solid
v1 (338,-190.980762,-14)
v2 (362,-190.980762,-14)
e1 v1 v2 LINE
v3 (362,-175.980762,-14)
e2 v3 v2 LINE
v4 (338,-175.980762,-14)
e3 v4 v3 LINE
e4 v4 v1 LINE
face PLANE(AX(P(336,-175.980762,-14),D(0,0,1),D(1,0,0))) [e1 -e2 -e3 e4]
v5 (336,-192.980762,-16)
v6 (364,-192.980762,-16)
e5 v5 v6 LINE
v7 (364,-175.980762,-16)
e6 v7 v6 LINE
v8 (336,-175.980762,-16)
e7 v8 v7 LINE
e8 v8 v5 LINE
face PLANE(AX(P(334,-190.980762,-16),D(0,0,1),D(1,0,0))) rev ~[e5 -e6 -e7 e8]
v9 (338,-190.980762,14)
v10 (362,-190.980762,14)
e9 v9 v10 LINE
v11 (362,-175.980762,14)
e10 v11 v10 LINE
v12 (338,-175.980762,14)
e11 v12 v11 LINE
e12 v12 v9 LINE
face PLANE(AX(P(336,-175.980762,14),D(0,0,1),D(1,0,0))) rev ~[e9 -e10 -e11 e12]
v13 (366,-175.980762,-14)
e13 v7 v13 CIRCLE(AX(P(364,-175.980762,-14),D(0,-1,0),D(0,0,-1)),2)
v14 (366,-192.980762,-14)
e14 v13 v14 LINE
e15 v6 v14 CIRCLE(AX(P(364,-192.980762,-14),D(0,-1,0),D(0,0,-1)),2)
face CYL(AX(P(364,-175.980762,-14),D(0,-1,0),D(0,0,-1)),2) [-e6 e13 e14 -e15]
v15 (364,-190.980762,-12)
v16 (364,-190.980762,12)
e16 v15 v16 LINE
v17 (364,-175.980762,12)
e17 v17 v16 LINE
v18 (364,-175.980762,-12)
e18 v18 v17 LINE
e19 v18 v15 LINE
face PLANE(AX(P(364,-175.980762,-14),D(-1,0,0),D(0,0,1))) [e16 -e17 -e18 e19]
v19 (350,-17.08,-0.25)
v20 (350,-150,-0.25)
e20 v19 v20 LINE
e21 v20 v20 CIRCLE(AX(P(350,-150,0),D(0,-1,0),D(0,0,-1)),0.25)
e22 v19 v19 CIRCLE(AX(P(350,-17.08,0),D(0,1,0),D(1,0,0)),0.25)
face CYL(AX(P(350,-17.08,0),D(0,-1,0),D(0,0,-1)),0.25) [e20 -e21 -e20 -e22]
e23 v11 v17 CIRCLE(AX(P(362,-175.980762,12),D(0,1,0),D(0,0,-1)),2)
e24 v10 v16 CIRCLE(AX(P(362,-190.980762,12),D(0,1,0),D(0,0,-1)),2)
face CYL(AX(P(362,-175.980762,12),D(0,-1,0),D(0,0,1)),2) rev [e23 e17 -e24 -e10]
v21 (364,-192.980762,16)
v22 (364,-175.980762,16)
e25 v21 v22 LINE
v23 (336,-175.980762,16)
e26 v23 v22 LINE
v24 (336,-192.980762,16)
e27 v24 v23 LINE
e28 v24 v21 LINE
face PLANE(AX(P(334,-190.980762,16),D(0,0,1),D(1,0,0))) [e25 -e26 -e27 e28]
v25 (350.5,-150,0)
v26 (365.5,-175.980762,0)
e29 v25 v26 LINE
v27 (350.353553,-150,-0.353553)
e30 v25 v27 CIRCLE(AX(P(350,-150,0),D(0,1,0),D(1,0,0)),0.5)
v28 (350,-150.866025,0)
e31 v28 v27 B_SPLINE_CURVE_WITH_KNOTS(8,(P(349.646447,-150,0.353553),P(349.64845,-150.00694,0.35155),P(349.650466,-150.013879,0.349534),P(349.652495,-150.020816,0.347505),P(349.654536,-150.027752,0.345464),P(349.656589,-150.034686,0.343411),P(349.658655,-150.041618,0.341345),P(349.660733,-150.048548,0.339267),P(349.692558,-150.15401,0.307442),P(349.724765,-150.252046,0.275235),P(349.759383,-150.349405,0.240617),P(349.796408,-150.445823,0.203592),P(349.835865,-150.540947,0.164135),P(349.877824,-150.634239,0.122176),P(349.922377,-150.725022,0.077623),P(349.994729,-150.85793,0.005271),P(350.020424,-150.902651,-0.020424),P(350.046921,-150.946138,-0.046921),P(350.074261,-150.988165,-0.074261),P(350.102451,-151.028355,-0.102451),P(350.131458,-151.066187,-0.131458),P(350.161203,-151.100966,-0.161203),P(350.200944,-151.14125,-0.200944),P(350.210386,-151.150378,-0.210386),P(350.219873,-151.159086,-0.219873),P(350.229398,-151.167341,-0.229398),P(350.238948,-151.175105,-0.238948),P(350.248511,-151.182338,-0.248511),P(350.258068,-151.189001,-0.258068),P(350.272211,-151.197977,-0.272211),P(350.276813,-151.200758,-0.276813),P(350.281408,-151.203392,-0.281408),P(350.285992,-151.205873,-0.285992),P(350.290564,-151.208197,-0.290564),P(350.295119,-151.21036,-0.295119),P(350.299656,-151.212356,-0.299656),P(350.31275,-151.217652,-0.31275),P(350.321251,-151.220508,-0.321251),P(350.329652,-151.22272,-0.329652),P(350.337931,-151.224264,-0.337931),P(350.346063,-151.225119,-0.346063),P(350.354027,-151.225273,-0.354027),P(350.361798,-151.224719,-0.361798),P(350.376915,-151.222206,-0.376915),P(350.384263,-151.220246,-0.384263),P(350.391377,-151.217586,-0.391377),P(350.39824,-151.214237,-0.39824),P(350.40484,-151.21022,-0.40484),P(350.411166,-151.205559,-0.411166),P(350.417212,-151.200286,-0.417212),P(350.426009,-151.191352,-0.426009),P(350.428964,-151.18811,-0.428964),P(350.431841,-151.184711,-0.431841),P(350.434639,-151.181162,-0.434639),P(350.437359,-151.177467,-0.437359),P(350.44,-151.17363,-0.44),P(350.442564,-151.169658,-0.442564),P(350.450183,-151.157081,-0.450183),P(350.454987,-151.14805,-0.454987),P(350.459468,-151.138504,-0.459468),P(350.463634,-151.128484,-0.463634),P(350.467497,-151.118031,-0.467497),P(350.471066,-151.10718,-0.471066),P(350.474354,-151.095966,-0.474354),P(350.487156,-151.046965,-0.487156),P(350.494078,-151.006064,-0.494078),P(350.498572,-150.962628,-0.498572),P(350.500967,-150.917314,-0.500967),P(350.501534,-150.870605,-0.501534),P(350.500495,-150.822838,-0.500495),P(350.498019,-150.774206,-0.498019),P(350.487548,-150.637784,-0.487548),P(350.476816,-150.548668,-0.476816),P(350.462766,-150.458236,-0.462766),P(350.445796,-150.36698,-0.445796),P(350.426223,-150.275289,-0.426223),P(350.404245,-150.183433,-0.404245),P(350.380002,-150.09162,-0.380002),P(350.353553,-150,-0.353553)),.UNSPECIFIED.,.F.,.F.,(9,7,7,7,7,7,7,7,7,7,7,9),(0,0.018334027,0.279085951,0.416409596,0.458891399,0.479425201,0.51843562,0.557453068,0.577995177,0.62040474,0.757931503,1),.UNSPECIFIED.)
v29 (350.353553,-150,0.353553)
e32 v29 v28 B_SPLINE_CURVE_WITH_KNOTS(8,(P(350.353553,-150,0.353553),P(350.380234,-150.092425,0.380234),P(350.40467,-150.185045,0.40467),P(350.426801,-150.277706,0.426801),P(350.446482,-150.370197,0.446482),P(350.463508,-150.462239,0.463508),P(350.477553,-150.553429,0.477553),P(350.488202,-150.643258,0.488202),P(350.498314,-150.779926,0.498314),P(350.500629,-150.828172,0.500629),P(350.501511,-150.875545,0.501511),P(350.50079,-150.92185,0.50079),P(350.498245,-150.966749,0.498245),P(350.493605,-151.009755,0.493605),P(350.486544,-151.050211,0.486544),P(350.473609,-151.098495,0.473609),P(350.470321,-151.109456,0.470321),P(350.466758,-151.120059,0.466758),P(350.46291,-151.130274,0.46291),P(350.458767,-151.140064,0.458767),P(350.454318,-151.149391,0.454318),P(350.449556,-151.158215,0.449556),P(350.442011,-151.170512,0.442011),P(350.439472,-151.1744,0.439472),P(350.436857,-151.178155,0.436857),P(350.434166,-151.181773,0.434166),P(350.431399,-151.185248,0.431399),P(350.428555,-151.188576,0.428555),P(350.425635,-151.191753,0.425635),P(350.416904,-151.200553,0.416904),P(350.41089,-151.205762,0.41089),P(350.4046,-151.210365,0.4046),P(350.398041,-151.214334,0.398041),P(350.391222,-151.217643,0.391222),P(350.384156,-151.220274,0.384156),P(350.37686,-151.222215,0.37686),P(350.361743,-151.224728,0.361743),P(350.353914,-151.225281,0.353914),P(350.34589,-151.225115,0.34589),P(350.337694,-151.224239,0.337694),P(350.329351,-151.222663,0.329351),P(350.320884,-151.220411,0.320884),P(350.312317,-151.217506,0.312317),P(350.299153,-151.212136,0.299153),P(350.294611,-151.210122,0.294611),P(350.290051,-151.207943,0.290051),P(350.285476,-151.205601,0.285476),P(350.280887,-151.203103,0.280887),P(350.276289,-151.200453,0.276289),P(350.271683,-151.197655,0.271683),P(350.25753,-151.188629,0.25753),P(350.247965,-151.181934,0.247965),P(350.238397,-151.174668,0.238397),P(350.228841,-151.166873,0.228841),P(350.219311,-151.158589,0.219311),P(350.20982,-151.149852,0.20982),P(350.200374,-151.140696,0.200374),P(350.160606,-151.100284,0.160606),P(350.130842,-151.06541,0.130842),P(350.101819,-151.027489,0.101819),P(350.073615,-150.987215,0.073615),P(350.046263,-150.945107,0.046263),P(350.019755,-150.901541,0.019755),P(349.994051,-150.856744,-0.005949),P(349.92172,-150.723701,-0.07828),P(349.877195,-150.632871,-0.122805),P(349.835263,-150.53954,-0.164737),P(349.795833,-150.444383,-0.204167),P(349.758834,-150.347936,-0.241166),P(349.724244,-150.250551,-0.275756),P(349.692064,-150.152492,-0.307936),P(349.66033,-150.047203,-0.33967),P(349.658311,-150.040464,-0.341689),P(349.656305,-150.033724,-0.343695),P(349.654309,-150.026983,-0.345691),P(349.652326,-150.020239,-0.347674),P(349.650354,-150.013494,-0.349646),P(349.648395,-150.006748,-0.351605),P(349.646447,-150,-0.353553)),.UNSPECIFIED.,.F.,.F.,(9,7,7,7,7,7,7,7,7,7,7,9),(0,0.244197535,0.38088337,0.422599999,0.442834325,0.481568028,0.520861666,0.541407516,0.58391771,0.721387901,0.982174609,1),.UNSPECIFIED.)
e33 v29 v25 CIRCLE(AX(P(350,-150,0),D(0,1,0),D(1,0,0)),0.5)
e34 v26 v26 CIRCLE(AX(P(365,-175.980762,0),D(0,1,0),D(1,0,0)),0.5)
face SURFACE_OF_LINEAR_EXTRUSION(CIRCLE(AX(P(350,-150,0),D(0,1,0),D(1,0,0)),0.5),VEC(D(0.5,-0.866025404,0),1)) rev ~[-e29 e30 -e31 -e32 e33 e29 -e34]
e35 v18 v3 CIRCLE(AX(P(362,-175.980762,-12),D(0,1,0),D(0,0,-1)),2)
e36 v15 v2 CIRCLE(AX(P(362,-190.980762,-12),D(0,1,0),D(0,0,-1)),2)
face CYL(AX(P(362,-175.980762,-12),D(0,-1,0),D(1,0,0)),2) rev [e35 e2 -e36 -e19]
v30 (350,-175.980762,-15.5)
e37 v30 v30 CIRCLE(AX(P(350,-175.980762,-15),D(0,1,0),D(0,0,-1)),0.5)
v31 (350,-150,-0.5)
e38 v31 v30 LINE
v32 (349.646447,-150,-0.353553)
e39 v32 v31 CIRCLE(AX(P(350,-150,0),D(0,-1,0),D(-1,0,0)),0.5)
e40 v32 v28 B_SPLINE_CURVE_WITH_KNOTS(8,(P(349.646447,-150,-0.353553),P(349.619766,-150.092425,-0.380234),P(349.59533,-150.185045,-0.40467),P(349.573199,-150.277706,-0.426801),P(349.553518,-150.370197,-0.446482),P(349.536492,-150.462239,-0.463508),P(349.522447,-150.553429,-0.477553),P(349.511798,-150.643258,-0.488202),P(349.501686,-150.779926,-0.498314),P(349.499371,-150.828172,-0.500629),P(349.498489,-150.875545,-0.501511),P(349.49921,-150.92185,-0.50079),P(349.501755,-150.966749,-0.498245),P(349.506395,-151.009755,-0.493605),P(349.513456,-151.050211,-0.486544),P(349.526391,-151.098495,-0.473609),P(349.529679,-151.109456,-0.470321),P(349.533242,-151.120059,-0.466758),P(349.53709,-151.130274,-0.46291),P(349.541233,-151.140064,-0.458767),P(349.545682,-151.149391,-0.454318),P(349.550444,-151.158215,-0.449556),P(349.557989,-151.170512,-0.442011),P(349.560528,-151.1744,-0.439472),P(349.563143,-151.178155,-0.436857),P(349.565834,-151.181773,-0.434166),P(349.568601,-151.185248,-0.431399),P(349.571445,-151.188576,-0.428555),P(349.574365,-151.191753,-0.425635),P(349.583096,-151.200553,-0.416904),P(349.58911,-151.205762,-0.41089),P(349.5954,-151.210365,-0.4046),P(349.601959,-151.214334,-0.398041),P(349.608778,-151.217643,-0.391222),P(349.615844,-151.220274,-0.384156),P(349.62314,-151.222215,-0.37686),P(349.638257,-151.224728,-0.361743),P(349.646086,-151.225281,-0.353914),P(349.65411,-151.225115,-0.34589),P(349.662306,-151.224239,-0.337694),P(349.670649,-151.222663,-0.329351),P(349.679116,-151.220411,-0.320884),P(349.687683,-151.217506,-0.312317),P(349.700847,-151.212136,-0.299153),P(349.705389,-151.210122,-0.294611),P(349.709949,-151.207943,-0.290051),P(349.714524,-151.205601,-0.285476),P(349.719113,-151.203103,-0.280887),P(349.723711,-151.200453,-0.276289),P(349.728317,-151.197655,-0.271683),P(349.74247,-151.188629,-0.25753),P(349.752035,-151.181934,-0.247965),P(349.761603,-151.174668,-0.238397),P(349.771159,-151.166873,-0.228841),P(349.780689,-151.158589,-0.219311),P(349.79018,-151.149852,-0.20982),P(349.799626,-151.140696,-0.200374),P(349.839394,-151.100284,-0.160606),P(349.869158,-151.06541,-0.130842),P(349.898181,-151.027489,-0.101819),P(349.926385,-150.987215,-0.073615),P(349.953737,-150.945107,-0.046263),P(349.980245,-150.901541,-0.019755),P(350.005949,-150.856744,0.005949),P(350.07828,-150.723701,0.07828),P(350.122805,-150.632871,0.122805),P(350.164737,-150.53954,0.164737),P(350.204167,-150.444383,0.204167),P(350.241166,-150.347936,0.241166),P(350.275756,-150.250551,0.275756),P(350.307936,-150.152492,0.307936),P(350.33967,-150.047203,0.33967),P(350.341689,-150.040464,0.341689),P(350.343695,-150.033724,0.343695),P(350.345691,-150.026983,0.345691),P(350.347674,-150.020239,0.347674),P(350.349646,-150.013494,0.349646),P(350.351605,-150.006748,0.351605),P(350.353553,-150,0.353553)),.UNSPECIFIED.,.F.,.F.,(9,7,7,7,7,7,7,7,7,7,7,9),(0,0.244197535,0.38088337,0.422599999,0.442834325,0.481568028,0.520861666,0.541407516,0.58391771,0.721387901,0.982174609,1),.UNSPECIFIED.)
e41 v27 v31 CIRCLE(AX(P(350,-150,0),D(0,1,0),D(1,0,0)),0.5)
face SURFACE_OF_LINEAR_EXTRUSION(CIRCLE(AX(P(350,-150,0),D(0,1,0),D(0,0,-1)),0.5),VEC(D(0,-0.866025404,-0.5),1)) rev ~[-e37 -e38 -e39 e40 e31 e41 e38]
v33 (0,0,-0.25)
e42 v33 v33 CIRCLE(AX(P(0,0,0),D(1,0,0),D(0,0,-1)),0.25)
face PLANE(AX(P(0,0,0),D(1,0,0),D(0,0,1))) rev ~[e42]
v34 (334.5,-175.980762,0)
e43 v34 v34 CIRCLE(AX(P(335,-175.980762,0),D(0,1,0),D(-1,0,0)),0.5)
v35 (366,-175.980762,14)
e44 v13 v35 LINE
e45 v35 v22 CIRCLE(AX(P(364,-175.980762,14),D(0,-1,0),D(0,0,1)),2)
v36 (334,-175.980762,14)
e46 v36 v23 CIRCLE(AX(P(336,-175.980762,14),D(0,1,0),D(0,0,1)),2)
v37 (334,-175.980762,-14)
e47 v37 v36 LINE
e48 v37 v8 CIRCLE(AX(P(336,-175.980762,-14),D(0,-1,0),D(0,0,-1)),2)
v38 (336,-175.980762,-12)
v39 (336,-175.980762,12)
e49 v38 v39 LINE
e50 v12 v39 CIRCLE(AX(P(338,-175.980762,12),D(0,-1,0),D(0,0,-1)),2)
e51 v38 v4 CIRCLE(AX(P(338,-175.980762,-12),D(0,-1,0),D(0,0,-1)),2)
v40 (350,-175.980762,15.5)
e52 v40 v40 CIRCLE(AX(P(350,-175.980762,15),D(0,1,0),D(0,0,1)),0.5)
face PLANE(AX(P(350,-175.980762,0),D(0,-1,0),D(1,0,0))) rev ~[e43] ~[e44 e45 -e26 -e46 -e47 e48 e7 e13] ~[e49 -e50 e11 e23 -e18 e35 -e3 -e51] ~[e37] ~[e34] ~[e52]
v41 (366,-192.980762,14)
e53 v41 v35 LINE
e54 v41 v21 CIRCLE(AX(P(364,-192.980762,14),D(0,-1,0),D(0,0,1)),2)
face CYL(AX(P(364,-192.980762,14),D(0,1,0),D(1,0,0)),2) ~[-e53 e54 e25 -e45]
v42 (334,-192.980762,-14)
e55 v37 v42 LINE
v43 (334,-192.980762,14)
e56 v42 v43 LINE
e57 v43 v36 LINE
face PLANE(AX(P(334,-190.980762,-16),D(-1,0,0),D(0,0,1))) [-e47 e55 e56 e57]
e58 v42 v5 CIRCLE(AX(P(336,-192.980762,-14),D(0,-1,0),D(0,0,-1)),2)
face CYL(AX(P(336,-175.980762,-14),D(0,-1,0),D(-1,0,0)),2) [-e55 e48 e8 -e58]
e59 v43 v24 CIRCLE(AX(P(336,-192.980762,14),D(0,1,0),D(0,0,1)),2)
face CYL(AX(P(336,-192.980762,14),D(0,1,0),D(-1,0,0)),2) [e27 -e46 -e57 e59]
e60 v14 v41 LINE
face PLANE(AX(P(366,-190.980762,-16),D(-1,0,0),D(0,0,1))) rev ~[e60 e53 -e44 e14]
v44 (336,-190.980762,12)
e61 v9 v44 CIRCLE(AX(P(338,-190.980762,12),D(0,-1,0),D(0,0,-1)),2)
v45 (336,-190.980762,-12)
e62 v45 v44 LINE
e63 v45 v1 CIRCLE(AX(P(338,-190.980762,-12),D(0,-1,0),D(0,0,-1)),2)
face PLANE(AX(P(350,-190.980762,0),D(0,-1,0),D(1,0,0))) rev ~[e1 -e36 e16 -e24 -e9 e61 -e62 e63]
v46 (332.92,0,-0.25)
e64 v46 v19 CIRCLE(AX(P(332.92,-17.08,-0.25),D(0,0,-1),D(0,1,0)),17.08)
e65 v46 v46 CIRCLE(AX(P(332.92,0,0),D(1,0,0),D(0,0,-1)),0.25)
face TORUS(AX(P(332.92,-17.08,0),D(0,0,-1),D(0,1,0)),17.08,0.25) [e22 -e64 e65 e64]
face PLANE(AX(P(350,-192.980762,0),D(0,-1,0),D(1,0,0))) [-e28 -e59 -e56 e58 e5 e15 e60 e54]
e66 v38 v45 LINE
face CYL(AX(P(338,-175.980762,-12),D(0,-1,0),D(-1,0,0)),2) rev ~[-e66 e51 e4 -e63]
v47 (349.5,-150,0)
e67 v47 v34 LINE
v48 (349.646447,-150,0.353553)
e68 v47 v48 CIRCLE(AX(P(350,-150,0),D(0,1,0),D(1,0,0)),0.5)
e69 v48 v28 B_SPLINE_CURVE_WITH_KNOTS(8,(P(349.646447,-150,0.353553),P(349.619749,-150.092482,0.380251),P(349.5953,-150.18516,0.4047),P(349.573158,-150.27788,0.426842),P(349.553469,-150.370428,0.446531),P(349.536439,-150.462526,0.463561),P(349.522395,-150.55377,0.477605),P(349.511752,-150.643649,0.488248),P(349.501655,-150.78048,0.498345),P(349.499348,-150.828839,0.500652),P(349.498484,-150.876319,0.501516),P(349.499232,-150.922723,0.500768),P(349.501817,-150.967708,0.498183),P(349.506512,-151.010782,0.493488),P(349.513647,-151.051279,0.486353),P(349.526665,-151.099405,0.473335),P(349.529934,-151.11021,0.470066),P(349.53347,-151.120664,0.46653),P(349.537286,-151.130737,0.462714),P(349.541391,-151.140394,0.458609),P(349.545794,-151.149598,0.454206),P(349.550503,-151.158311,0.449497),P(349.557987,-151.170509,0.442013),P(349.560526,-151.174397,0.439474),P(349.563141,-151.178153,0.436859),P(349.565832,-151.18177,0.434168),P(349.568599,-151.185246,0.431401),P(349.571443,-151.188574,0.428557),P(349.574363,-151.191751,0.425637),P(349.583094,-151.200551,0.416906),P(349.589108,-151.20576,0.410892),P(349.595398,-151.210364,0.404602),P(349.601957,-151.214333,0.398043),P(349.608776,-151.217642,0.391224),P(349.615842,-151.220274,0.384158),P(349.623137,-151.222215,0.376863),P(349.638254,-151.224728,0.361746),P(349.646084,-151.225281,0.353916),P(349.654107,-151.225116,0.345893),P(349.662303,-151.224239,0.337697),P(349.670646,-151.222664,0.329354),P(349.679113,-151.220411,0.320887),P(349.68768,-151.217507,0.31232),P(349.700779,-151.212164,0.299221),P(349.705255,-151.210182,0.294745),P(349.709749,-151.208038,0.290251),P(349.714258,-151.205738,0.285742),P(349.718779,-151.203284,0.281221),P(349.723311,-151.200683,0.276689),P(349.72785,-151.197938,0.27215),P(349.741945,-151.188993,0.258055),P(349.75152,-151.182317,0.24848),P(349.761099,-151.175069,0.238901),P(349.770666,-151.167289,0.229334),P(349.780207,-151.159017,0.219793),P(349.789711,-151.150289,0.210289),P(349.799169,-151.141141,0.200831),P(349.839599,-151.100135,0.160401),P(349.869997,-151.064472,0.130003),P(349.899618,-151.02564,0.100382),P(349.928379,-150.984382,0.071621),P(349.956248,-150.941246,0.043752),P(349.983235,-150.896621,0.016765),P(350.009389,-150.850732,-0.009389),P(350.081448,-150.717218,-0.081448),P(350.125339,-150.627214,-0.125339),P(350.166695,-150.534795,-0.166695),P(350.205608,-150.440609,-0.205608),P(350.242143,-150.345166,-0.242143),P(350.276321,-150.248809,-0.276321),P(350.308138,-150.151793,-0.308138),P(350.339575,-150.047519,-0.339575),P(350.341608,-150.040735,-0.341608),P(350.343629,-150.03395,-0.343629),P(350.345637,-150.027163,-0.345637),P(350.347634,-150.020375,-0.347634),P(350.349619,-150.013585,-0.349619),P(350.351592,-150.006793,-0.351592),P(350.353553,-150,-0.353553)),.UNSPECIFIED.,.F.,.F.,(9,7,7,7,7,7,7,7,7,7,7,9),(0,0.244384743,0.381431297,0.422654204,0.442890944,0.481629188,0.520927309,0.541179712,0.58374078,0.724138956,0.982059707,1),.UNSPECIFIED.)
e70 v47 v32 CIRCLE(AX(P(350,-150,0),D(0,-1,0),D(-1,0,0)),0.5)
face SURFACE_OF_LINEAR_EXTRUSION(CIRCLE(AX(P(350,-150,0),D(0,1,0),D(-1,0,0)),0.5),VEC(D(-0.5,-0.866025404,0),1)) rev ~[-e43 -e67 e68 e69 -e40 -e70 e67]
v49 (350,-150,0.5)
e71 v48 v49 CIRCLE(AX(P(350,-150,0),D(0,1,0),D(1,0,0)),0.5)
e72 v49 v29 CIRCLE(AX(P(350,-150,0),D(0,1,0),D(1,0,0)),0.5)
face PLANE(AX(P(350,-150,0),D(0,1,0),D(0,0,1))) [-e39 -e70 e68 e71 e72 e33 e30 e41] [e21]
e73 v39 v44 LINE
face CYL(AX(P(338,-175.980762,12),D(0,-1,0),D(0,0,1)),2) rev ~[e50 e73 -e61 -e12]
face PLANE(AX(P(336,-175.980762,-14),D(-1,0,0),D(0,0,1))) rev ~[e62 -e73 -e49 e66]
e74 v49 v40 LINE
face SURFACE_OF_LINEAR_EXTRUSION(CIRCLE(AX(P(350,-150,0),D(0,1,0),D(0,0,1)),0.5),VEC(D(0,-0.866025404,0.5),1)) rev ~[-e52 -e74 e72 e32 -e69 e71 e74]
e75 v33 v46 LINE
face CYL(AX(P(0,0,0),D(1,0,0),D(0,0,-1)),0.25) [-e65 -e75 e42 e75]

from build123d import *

# Parameters (mm, degrees)
SKETCH2_R           = 0.25
SKETCH4_R           = 0.5
CIRPATTERN1_COUNT   = 4
SKETCH5_W           = 32
SKETCH5_H           = 32
SKETCH5_W_2         = 28
SKETCH5_H_2         = 28
BOSS_EXTRUDE1_DEPTH = 15
SKETCH6_W           = 32
SKETCH6_H           = 32
BOSS_EXTRUDE2_DEPTH = 2
FILLET1_R           = 2


with BuildPart() as part:
    # Sweep1: sweep along a path in Sketch1
    with BuildLine(Plane.XY) as sweep1_path:
        Line((0, 0), (332.92, 0))
        ThreePointArc((332.92, 0), (344.997383823, -5.002616177), (350, -17.08))
        Line((350, -17.08), (350, -150))
    # Sketch2 → Sweep1 (sweep)
    with BuildSketch(Plane(origin=(0, 0, 0), x_dir=(0, 0, -1), z_dir=(1, 0, 0))):
        Circle(SKETCH2_R)
    sweep(path=sweep1_path.line)

    # Sweep2: sweep along a path in Sketch3
    with BuildLine(Plane(origin=(0, 0, 0), x_dir=(0, -1, 0), z_dir=(0, 0, 1))) as sweep2_path:
        Line((150, 350), (175.980762114, 365))
    # Sketch4 → Sweep2 (sweep)
    with BuildSketch(Plane(origin=(0, -175.980762114, 0), x_dir=(1, 0, 0), z_dir=(0, 1, 0))):
        with Locations((365, 0)):
            Circle(SKETCH4_R)
    sweep2 = sweep(path=sweep2_path.line)

    # CirPattern1: Sweep2 ×4 about axis
    cirpattern1_axis = Axis((350, -17.08, 0), (0, -1, 0))
    for i in range(1, CIRPATTERN1_COUNT):
        add(sweep2.rotate(cirpattern1_axis, i * 360 / CIRPATTERN1_COUNT))

    # Sketch5 → Boss-Extrude1 (add)
    with BuildSketch(Plane.XZ.offset(175.980762114)):
        with Locations((350, 0)):
            Rectangle(SKETCH5_W, SKETCH5_H)
        with Locations((350, 0)):
            Rectangle(SKETCH5_W_2, SKETCH5_H_2, mode=Mode.SUBTRACT)
    extrude(amount=BOSS_EXTRUDE1_DEPTH)

    # Sketch6 → Boss-Extrude2 (add)
    with BuildSketch(Plane.XZ.offset(190.980762114)):
        with Locations((350, 0)):
            Rectangle(SKETCH6_W, SKETCH6_H)
    extrude(amount=BOSS_EXTRUDE2_DEPTH)

    # Fillet1
    fillet1_edges = [part.edges().sort_by_distance(p)[0] for p in [
        (334, -184.480762114, 16),
        (334, -184.480762114, -16),
        (366, -184.480762114, -16),
        (366, -184.480762114, 16),
        (336, -183.480762114, -14),
        (364, -183.480762114, -14),
        (364, -183.480762114, 14),
        (336, -183.480762114, 14),
    ]]
    fillet(fillet1_edges, radius=FILLET1_R)


solid = part.part
